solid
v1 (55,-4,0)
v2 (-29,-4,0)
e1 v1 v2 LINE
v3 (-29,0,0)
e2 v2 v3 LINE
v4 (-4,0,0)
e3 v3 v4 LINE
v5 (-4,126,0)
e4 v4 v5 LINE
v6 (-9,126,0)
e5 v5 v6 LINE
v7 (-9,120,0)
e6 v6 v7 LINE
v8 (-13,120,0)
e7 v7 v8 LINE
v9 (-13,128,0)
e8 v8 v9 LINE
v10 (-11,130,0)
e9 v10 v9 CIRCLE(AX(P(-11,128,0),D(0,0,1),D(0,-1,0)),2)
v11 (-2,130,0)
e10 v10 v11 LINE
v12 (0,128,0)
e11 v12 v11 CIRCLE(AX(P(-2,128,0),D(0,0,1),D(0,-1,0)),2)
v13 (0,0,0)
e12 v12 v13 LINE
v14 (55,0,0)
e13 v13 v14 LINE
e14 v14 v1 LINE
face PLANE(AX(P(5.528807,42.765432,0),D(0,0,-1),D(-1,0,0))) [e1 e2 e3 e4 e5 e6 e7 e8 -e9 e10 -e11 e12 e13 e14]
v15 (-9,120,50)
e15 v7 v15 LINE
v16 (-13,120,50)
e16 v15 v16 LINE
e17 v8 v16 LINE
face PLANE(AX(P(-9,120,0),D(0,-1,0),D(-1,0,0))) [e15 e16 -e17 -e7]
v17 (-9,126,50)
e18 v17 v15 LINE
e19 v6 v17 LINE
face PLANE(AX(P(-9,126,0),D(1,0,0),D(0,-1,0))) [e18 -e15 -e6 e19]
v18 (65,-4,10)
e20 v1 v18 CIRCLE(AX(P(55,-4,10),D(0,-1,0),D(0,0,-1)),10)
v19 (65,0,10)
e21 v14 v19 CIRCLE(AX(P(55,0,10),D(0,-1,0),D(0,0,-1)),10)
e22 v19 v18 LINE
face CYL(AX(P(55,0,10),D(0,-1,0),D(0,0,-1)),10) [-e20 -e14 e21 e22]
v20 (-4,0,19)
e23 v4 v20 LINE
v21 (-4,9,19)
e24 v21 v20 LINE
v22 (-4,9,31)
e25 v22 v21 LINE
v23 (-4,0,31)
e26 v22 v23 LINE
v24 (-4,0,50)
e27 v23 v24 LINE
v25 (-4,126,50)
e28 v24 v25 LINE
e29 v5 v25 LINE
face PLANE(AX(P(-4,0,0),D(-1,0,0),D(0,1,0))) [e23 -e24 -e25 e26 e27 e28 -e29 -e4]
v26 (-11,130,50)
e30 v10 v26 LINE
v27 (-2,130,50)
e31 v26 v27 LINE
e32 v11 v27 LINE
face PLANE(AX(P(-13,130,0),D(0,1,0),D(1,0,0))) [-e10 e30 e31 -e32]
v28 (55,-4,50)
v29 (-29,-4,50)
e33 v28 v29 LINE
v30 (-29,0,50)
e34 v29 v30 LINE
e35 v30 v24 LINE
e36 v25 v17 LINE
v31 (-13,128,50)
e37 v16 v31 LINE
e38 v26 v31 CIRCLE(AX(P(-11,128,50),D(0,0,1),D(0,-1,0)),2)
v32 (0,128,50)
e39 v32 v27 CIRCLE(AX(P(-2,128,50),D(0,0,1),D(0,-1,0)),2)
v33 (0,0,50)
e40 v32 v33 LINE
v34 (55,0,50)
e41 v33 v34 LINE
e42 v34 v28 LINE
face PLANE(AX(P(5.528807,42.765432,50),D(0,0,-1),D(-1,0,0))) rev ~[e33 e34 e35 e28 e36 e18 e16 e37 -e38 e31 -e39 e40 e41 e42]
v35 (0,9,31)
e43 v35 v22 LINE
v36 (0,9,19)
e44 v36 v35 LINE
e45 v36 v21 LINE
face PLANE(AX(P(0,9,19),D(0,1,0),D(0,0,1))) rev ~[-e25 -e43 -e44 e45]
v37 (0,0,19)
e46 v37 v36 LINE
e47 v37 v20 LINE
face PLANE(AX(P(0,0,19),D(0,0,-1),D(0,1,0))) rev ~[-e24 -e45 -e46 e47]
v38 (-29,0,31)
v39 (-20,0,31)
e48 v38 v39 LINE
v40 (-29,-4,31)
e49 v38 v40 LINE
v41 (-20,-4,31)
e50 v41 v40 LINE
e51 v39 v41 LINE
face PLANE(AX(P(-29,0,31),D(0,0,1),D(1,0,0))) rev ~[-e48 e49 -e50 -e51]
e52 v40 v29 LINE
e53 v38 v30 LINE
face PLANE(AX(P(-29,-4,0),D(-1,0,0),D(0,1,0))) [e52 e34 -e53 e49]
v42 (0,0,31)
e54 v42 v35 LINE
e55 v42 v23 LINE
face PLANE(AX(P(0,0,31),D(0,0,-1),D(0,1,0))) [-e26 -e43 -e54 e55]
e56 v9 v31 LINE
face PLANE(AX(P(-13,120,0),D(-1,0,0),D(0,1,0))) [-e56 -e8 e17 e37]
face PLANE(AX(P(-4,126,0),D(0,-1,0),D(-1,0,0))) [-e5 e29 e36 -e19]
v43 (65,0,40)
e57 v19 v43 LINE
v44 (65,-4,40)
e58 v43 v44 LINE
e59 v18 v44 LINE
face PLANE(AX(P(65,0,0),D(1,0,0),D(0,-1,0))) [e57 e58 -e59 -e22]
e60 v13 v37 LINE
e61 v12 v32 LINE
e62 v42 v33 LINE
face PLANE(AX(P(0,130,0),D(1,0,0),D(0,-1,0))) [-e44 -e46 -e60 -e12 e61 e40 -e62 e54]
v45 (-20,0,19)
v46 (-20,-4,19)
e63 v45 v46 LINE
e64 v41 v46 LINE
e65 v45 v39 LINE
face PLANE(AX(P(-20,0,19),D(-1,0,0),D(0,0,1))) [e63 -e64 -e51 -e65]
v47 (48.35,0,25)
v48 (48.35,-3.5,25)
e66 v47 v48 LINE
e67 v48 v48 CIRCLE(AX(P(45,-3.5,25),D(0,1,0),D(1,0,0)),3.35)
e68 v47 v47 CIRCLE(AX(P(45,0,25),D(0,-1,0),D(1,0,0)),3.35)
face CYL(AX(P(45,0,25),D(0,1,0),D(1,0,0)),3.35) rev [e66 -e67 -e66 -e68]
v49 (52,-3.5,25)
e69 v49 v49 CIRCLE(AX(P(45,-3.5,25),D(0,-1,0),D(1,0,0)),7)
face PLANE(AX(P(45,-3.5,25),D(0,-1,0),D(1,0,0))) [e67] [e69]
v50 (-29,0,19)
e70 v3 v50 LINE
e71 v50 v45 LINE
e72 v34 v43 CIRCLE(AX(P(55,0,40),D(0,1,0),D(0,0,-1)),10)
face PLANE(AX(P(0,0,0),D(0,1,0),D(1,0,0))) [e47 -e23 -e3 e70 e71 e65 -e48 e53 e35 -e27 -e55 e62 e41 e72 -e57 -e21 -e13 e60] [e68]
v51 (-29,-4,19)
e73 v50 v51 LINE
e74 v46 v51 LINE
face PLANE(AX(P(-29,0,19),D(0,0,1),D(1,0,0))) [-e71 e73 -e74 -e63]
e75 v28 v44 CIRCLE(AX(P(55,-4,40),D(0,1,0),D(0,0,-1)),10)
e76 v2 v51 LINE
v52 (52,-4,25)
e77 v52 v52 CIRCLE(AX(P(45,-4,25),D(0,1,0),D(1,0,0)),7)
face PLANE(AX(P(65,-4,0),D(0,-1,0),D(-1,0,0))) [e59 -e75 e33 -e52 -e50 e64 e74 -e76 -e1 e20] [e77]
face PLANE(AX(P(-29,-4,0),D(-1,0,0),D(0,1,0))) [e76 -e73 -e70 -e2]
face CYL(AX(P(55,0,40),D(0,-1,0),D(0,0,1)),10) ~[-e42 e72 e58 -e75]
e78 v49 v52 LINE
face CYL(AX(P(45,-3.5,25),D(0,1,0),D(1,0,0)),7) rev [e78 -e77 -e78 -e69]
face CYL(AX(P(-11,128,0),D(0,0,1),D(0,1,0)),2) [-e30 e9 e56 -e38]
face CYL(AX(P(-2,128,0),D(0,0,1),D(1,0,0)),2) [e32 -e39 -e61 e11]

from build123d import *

# Parameters (mm, degrees)
PAD_DEPTH         = 50
SKETCH001_R       = 3.35
POCKET_DEPTH      = 130.001
POCKET_DEPTH_BACK = -4.001
SKETCH002_R       = 7
POCKET001_DEPTH   = 0.501
FILLET_R          = 10
FILLET001_R       = 2
SKETCH003_W       = 9
SKETCH003_H       = 12
POCKET002_DEPTH   = 29.001
SKETCH004_W       = 9
SKETCH004_H       = 12
POCKET003_DEPTH   = 4.001


with BuildPart() as part:
    # Sketch → Pad (new body)
    with BuildSketch(Plane.XY):
        Polygon((0, 130), (0, 0), (65, 0), (65, -4), (-29, -4), (-29, 0), (-4, 0), (-4, 126), (-9, 126), (-9, 120), (-13, 120), (-13, 130), align=None)
    extrude(amount=PAD_DEPTH)

    # Sketch001 → Pocket (cut, two sides)
    with BuildSketch(Plane.XZ) as pocket_sk:
        with Locations((45, 25)):
            Circle(SKETCH001_R)
    extrude(amount=-POCKET_DEPTH, mode=Mode.SUBTRACT)
    extrude(pocket_sk.sketch, amount=-POCKET_DEPTH_BACK, mode=Mode.SUBTRACT)

    # Sketch002 → Pocket001 (cut, through all)
    with BuildSketch(Plane.XZ.offset(3.5)):
        with Locations((45, 25)):
            Circle(SKETCH002_R)
    extrude(amount=POCKET001_DEPTH, mode=Mode.SUBTRACT)

    # Fillet
    fillet_edges = [part.edges().sort_by_distance(p)[0] for p in [
        (65, -2, 50),
        (65, -2, 0),
    ]]
    fillet(fillet_edges, radius=FILLET_R)

    # Fillet001
    fillet001_edges = [part.edges().sort_by_distance(p)[0] for p in [
        (-13, 130, 25),
        (0, 130, 25),
    ]]
    fillet(fillet001_edges, radius=FILLET001_R)

    # Sketch003 → Pocket002 (cut, through all)
    with BuildSketch(Plane.YZ):
        with Locations((4.5, 25)):
            Rectangle(SKETCH003_W, SKETCH003_H)
    extrude(amount=-POCKET002_DEPTH, mode=Mode.SUBTRACT)

    # Sketch004 → Pocket003 (cut, through all)
    with BuildSketch(Plane.XZ):
        with Locations((-24.5, 25)):
            Rectangle(SKETCH004_W, SKETCH004_H)
    extrude(amount=POCKET003_DEPTH, mode=Mode.SUBTRACT)


solid = part.part
